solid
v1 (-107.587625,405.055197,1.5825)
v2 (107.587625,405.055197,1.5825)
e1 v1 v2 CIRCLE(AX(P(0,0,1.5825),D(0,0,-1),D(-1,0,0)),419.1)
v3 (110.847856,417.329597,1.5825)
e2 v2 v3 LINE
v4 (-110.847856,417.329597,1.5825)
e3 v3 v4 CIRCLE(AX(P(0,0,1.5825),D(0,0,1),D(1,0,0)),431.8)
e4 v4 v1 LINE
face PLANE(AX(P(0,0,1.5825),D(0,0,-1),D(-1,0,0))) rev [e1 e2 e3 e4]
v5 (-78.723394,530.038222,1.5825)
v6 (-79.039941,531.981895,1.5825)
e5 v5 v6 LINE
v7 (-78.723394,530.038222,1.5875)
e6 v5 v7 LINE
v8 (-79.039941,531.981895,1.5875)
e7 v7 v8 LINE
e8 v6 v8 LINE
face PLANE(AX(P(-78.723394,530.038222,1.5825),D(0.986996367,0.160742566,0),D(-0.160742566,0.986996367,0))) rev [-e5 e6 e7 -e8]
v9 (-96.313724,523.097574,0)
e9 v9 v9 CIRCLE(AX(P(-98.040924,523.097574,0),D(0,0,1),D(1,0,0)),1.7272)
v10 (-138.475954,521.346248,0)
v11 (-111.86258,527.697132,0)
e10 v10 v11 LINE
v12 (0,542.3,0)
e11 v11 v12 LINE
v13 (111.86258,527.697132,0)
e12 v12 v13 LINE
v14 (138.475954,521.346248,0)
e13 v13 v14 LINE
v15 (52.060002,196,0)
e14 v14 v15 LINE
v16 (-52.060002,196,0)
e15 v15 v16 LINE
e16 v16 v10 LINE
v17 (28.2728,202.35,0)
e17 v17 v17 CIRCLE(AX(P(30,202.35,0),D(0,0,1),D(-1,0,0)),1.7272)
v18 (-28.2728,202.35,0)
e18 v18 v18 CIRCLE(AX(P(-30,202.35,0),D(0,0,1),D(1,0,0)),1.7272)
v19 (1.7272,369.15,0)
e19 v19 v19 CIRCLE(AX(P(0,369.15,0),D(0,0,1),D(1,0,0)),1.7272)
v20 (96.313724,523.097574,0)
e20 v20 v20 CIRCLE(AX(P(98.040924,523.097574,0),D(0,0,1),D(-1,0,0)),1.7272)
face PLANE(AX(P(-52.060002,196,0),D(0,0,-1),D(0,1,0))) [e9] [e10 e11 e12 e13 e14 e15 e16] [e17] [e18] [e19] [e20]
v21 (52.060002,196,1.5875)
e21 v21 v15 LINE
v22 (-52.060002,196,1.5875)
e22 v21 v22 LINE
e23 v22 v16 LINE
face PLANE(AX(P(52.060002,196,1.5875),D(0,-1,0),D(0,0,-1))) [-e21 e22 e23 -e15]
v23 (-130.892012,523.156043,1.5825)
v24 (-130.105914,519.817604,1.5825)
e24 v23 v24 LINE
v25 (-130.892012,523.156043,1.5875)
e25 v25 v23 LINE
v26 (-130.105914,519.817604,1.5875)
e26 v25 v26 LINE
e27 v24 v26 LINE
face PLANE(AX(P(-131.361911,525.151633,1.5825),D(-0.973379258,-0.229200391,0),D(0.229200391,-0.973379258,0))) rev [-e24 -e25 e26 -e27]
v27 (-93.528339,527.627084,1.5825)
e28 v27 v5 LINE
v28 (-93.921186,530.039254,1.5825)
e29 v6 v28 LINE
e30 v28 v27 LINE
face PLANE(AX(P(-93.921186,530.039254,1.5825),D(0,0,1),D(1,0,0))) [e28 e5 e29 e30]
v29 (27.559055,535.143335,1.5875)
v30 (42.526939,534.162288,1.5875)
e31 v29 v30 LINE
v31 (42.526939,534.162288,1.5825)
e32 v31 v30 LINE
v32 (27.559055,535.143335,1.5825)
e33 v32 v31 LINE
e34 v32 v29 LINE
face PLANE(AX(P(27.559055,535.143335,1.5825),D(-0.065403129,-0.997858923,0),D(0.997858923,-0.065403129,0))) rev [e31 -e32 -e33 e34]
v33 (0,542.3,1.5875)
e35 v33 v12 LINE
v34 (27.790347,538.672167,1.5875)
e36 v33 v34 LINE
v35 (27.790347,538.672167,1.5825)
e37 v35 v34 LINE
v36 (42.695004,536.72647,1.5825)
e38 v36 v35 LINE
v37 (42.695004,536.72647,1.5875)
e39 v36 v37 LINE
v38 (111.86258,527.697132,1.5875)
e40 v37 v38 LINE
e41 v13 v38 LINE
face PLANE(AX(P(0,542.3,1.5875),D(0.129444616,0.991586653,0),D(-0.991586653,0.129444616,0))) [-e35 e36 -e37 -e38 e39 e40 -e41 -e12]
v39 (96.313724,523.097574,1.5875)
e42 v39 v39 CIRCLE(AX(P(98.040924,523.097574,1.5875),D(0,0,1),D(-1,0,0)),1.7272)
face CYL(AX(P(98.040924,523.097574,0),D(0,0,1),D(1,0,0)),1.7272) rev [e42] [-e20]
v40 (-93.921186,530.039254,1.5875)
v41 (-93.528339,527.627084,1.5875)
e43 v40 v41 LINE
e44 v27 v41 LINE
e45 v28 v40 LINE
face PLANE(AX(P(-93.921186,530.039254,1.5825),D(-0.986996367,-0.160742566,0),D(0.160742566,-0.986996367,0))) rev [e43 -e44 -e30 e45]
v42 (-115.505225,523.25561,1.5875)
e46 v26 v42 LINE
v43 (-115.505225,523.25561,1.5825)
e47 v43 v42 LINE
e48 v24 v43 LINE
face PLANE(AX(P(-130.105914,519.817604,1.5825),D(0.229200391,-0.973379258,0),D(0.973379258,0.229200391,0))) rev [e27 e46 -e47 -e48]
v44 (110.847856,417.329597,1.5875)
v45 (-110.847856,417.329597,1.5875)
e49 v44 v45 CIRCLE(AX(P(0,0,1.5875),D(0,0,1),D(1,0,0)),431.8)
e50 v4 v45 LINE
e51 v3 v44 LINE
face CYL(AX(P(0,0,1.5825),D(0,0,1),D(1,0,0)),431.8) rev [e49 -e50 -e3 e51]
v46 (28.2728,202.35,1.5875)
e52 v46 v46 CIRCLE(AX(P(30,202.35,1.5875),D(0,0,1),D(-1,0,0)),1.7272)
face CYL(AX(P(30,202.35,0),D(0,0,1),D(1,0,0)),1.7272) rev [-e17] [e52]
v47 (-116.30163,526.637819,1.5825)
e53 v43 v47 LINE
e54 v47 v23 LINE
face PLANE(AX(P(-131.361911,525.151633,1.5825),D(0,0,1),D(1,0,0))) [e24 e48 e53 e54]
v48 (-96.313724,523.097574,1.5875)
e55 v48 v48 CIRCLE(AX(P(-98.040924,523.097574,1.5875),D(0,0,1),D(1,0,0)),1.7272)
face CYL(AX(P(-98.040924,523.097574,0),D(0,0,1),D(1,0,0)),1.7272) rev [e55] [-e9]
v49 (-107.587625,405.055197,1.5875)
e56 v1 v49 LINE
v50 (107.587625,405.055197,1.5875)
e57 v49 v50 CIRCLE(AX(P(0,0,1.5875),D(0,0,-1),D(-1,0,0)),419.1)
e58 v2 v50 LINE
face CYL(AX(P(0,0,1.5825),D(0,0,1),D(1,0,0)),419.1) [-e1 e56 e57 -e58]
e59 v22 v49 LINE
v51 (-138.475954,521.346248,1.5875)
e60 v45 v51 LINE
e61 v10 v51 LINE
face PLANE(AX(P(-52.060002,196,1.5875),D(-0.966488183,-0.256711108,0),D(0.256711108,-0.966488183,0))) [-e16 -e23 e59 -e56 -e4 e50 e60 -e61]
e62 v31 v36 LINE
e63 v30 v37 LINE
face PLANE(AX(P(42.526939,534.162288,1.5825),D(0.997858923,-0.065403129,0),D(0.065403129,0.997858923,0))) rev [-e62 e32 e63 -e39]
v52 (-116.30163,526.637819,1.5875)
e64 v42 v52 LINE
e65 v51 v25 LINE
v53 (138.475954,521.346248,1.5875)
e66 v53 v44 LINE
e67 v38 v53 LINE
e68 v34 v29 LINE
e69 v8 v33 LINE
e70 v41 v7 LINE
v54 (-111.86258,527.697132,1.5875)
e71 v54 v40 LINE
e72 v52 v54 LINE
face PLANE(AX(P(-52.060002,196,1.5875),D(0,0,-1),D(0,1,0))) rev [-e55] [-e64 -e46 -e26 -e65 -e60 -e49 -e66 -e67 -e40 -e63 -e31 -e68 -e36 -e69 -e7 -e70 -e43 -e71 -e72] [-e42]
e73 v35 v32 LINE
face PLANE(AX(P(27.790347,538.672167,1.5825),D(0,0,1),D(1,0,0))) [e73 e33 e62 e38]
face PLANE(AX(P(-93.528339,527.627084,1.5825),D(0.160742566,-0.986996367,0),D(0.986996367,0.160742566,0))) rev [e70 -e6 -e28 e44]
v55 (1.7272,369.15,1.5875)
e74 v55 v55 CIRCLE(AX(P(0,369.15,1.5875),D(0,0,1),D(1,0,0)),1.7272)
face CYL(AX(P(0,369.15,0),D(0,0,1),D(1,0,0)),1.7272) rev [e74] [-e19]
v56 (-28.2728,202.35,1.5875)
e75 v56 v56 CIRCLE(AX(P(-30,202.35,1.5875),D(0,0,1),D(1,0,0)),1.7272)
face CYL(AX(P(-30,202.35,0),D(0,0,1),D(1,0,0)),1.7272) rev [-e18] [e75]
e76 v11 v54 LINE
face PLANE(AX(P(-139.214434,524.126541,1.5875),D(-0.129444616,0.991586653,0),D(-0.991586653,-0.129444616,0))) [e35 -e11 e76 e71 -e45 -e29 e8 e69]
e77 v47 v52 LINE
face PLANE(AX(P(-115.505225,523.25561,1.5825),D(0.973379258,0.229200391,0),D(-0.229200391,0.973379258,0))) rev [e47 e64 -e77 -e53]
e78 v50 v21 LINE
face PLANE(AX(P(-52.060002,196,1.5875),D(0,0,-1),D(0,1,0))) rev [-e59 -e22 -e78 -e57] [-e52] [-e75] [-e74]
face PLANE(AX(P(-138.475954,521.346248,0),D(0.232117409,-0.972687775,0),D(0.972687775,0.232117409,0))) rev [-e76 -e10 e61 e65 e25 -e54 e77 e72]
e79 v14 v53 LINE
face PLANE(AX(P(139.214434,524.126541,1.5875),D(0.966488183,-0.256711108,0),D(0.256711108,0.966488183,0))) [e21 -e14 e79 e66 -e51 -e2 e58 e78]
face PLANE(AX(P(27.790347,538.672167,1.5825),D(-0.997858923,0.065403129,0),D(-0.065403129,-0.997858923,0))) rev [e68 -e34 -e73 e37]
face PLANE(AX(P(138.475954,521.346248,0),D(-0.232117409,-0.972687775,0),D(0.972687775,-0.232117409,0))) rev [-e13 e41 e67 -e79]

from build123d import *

# Parameters (mm, degrees)
EXTRUDE1_DEPTH     = 1.5875
EXTRUDE3_DEPTH     = 2.5875
SKETCH3_R          = 1.7272
EXTRUDE2_DEPTH     = 2.5875
CUT_EXTRUDE1_DEPTH = 0.005


with BuildPart() as part:
    # Sketch1 → Extrude1 (new body)
    with BuildSketch(Plane(origin=(0, 0, 0), x_dir=(-1, 0, 0), z_dir=(0, 0, -1))):
        Polygon((-139.214433641, 524.126541463), (-52.060002376, 196), (52.060002376, 196), (139.214433641, 524.126541463), (0, 542.3), align=None)
    extrude(amount=-EXTRUDE1_DEPTH)

    # Sketch5 → Extrude3 (cut, through all)
    with BuildSketch(Plane.XY.offset(1.5875)):
        Polygon((-138.475953663, 521.346248167), (-111.862580021, 527.697132275), (-139.214433641, 524.126541463), align=None)
        Polygon((139.214433641, 524.126541463), (138.475953663, 521.346248167), (111.862580021, 527.697132275), align=None)
    extrude(amount=-EXTRUDE3_DEPTH, mode=Mode.SUBTRACT)

    # Sketch3 → Extrude2 (cut, through all)
    with BuildSketch(Plane.XY.offset(1.5875)):
        with Locations((-98.040924265, 523.097573518)):
            Circle(SKETCH3_R)
        with Locations((-30, 202.35)):
            Circle(SKETCH3_R)
        with Locations(Location((30, 202.35, 0), (0, 0, 180))):  # turned: the seam where the file's is
            Circle(SKETCH3_R)
        with Locations(Location((98.040924265, 523.097573518, 0), (0, 0, 180))):  # turned: the seam where the file's is
            Circle(SKETCH3_R)
        with Locations((0, 369.15)):
            Circle(SKETCH3_R)
    extrude(amount=-EXTRUDE2_DEPTH, mode=Mode.SUBTRACT)

    # Sketch4 → Cut-Extrude1 (cut)
    with BuildSketch(Plane.XY.offset(1.5875)):
        with BuildLine():
            Line((110.847856253, 417.329597278), (107.587625187, 405.055197358))
            ThreePointArc((107.587625187, 405.055197358), (0, 419.1), (-107.587625187, 405.055197358))
            Line((-107.587625187, 405.055197358), (-110.847856253, 417.329597278))
            ThreePointArc((-110.847856253, 417.329597278), (0, 431.8), (110.847856253, 417.329597278))
        make_face()
        Polygon((-93.921186267, 530.039254187), (-93.5283394, 527.627083961), (-78.723393901, 530.038222445), (-79.039941137, 531.981895365), align=None)
        Polygon((27.790346618, 538.672167032), (27.559054717, 535.14333454), (42.526938566, 534.162287602), (42.695003931, 536.726469559), align=None)
        Polygon((-131.361910987, 525.151632692), (-130.105913895, 519.817603751), (-115.505225018, 523.255609615), (-116.411244397, 527.10333635), align=None)
    extrude(amount=-CUT_EXTRUDE1_DEPTH, mode=Mode.SUBTRACT)


solid = part.part
